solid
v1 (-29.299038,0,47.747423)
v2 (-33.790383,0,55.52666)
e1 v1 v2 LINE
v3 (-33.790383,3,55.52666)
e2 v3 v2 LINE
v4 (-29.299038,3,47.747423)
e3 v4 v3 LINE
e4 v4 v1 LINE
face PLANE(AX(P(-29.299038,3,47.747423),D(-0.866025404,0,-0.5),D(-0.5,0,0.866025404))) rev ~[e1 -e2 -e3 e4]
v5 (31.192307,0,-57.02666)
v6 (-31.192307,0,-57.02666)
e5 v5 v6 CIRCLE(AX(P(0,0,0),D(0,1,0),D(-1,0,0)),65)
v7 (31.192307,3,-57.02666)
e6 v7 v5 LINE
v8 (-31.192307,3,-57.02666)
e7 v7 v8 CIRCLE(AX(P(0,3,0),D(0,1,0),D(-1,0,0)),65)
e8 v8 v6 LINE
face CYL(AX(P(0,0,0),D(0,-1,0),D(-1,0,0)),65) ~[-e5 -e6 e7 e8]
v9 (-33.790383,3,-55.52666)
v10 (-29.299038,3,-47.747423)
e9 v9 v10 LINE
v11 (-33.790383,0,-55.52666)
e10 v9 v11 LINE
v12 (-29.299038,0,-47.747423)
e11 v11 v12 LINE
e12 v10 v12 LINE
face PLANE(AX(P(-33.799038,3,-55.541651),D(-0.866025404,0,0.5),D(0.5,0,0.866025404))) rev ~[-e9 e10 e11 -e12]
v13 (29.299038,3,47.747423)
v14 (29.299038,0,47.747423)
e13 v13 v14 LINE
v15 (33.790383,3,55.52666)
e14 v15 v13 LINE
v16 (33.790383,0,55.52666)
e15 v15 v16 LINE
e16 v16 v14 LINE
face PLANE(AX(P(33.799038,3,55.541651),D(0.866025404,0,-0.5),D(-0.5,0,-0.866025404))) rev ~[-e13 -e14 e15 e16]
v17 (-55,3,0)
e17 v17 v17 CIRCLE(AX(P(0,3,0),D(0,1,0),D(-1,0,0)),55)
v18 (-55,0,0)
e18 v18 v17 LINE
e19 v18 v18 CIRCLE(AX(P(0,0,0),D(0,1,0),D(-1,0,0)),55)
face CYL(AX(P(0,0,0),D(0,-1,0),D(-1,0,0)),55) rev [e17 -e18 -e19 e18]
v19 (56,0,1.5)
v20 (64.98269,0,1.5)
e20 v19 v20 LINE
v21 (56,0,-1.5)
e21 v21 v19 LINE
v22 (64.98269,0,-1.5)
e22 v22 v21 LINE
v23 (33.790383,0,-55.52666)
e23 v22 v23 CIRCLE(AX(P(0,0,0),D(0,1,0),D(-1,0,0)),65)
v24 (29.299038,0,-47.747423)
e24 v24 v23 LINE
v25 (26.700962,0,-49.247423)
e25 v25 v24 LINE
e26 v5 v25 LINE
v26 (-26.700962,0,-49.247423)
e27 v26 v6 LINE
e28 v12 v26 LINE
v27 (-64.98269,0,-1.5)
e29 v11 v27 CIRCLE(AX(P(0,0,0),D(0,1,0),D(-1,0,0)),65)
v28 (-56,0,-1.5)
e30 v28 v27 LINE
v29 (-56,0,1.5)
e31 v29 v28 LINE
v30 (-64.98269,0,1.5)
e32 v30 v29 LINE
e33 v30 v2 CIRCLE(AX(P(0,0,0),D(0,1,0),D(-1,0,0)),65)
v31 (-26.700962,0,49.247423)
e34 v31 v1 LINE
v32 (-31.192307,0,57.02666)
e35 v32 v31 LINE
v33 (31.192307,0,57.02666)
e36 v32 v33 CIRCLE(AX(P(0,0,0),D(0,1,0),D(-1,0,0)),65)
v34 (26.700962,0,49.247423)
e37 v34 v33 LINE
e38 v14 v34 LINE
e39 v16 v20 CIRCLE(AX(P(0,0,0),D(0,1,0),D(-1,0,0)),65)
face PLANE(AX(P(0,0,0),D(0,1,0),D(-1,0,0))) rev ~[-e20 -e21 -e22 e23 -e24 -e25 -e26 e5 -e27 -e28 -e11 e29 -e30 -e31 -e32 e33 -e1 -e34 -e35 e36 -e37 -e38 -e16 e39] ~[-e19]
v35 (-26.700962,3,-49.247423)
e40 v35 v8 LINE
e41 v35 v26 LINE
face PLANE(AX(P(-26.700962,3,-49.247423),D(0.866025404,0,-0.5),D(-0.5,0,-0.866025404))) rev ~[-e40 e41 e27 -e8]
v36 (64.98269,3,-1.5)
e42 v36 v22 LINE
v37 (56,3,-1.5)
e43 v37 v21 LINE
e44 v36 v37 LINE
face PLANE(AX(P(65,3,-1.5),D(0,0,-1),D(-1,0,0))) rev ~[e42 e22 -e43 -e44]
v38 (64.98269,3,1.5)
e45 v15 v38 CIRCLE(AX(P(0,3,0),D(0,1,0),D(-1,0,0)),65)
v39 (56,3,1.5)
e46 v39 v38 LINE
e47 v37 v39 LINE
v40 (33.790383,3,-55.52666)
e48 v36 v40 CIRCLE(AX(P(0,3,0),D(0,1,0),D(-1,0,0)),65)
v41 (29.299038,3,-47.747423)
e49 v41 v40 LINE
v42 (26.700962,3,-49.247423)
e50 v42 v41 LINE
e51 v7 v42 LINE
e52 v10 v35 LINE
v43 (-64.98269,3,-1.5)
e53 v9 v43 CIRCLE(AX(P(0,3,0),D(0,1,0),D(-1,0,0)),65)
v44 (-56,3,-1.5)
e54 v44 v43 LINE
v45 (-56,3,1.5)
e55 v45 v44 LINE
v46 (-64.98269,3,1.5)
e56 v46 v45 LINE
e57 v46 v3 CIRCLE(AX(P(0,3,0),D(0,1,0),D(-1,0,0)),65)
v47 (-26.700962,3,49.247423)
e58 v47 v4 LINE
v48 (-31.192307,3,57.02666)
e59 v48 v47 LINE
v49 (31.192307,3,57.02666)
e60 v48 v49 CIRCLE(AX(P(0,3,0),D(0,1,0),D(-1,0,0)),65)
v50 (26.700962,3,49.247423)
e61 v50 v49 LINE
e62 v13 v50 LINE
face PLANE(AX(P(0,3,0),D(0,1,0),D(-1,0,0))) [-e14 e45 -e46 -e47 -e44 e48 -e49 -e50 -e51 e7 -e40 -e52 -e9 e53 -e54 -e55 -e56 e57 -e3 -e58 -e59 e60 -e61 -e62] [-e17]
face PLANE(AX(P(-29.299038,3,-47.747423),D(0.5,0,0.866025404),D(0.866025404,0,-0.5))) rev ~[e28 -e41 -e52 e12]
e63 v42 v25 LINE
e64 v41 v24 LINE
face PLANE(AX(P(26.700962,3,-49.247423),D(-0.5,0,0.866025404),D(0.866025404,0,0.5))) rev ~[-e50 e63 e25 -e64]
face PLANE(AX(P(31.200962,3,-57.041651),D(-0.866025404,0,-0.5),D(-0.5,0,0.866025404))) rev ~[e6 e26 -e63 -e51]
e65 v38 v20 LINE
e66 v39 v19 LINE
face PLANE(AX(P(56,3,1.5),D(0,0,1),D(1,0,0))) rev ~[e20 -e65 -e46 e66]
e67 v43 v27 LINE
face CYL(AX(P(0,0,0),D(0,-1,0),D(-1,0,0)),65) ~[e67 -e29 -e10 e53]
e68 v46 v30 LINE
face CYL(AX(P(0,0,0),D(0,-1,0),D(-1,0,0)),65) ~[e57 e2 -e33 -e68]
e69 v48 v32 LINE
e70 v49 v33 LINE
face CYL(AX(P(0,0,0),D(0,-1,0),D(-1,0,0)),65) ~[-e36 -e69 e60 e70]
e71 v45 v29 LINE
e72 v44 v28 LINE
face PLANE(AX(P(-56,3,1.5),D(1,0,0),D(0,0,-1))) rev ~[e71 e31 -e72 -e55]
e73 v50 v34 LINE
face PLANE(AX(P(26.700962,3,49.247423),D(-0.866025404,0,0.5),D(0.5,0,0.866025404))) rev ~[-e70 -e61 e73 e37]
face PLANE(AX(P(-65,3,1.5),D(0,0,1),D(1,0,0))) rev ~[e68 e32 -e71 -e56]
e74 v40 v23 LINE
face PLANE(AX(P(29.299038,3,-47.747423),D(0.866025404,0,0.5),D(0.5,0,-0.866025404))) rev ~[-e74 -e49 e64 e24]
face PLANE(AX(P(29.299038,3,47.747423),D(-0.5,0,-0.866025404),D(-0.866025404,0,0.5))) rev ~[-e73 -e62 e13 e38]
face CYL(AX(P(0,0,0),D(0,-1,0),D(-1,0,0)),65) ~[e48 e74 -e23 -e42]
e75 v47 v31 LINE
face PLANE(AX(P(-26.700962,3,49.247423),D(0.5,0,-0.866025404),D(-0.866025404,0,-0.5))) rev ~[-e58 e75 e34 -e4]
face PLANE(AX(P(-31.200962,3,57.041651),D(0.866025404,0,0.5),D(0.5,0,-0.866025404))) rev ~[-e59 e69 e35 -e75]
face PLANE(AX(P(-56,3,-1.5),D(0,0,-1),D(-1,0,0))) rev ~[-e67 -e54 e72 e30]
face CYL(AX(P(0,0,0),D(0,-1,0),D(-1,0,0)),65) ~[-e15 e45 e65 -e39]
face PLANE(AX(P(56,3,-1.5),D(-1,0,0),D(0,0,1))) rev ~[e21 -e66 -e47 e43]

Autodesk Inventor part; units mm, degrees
ref_plane "YZ Plane" through (0, 0, 0) normal (1, 0, 0) x (0, 1, 0)
ref_plane "XZ Plane" through (0, 0, 0) normal (0, 1, 0) x (-1, 0, 0)
ref_plane "XY Plane" through (0, 0, 0) normal (0, 0, 1) x (1, 0, 0)
sketch "Sketch1" plane through (0, 0, 0) normal (0, 1, 0) x (-1, 0, 0)
  circle A0 centre (0, 0) radius 65
  circle A1 centre (0, 0) radius 55
  dimension "d0" = 130
  dimension "d1" = 110
extrude "Extrusion1" add sketch "Sketch1" along normal blind 3
sketch "Sketch2" plane through (0, 3, 0) normal (0, 1, 0) x (1, 0, 0)
  line L0 (-65, -1.5) -> (-56, -1.5)
  line L1 (-56, -1.5) -> (-56, 1.5)
  line L2 (-56, 1.5) -> (-65, 1.5)
  line L3 (-65, 1.5) -> (-65, -1.5)
  point P0 (0, 0)
  dimension "d4" = 3
  dimension "d5" = 9
  dimension "d6" = 1.5
  dimension "d7" = 65
extrude "Extrusion2" cut sketch "Sketch2" against normal blind 10
pattern_circular "Circular Pattern1" count 6 over 360 about axis through (0, -10, 0) along (0, 1, 0) of "Extrusion2"
properties part number "os"
